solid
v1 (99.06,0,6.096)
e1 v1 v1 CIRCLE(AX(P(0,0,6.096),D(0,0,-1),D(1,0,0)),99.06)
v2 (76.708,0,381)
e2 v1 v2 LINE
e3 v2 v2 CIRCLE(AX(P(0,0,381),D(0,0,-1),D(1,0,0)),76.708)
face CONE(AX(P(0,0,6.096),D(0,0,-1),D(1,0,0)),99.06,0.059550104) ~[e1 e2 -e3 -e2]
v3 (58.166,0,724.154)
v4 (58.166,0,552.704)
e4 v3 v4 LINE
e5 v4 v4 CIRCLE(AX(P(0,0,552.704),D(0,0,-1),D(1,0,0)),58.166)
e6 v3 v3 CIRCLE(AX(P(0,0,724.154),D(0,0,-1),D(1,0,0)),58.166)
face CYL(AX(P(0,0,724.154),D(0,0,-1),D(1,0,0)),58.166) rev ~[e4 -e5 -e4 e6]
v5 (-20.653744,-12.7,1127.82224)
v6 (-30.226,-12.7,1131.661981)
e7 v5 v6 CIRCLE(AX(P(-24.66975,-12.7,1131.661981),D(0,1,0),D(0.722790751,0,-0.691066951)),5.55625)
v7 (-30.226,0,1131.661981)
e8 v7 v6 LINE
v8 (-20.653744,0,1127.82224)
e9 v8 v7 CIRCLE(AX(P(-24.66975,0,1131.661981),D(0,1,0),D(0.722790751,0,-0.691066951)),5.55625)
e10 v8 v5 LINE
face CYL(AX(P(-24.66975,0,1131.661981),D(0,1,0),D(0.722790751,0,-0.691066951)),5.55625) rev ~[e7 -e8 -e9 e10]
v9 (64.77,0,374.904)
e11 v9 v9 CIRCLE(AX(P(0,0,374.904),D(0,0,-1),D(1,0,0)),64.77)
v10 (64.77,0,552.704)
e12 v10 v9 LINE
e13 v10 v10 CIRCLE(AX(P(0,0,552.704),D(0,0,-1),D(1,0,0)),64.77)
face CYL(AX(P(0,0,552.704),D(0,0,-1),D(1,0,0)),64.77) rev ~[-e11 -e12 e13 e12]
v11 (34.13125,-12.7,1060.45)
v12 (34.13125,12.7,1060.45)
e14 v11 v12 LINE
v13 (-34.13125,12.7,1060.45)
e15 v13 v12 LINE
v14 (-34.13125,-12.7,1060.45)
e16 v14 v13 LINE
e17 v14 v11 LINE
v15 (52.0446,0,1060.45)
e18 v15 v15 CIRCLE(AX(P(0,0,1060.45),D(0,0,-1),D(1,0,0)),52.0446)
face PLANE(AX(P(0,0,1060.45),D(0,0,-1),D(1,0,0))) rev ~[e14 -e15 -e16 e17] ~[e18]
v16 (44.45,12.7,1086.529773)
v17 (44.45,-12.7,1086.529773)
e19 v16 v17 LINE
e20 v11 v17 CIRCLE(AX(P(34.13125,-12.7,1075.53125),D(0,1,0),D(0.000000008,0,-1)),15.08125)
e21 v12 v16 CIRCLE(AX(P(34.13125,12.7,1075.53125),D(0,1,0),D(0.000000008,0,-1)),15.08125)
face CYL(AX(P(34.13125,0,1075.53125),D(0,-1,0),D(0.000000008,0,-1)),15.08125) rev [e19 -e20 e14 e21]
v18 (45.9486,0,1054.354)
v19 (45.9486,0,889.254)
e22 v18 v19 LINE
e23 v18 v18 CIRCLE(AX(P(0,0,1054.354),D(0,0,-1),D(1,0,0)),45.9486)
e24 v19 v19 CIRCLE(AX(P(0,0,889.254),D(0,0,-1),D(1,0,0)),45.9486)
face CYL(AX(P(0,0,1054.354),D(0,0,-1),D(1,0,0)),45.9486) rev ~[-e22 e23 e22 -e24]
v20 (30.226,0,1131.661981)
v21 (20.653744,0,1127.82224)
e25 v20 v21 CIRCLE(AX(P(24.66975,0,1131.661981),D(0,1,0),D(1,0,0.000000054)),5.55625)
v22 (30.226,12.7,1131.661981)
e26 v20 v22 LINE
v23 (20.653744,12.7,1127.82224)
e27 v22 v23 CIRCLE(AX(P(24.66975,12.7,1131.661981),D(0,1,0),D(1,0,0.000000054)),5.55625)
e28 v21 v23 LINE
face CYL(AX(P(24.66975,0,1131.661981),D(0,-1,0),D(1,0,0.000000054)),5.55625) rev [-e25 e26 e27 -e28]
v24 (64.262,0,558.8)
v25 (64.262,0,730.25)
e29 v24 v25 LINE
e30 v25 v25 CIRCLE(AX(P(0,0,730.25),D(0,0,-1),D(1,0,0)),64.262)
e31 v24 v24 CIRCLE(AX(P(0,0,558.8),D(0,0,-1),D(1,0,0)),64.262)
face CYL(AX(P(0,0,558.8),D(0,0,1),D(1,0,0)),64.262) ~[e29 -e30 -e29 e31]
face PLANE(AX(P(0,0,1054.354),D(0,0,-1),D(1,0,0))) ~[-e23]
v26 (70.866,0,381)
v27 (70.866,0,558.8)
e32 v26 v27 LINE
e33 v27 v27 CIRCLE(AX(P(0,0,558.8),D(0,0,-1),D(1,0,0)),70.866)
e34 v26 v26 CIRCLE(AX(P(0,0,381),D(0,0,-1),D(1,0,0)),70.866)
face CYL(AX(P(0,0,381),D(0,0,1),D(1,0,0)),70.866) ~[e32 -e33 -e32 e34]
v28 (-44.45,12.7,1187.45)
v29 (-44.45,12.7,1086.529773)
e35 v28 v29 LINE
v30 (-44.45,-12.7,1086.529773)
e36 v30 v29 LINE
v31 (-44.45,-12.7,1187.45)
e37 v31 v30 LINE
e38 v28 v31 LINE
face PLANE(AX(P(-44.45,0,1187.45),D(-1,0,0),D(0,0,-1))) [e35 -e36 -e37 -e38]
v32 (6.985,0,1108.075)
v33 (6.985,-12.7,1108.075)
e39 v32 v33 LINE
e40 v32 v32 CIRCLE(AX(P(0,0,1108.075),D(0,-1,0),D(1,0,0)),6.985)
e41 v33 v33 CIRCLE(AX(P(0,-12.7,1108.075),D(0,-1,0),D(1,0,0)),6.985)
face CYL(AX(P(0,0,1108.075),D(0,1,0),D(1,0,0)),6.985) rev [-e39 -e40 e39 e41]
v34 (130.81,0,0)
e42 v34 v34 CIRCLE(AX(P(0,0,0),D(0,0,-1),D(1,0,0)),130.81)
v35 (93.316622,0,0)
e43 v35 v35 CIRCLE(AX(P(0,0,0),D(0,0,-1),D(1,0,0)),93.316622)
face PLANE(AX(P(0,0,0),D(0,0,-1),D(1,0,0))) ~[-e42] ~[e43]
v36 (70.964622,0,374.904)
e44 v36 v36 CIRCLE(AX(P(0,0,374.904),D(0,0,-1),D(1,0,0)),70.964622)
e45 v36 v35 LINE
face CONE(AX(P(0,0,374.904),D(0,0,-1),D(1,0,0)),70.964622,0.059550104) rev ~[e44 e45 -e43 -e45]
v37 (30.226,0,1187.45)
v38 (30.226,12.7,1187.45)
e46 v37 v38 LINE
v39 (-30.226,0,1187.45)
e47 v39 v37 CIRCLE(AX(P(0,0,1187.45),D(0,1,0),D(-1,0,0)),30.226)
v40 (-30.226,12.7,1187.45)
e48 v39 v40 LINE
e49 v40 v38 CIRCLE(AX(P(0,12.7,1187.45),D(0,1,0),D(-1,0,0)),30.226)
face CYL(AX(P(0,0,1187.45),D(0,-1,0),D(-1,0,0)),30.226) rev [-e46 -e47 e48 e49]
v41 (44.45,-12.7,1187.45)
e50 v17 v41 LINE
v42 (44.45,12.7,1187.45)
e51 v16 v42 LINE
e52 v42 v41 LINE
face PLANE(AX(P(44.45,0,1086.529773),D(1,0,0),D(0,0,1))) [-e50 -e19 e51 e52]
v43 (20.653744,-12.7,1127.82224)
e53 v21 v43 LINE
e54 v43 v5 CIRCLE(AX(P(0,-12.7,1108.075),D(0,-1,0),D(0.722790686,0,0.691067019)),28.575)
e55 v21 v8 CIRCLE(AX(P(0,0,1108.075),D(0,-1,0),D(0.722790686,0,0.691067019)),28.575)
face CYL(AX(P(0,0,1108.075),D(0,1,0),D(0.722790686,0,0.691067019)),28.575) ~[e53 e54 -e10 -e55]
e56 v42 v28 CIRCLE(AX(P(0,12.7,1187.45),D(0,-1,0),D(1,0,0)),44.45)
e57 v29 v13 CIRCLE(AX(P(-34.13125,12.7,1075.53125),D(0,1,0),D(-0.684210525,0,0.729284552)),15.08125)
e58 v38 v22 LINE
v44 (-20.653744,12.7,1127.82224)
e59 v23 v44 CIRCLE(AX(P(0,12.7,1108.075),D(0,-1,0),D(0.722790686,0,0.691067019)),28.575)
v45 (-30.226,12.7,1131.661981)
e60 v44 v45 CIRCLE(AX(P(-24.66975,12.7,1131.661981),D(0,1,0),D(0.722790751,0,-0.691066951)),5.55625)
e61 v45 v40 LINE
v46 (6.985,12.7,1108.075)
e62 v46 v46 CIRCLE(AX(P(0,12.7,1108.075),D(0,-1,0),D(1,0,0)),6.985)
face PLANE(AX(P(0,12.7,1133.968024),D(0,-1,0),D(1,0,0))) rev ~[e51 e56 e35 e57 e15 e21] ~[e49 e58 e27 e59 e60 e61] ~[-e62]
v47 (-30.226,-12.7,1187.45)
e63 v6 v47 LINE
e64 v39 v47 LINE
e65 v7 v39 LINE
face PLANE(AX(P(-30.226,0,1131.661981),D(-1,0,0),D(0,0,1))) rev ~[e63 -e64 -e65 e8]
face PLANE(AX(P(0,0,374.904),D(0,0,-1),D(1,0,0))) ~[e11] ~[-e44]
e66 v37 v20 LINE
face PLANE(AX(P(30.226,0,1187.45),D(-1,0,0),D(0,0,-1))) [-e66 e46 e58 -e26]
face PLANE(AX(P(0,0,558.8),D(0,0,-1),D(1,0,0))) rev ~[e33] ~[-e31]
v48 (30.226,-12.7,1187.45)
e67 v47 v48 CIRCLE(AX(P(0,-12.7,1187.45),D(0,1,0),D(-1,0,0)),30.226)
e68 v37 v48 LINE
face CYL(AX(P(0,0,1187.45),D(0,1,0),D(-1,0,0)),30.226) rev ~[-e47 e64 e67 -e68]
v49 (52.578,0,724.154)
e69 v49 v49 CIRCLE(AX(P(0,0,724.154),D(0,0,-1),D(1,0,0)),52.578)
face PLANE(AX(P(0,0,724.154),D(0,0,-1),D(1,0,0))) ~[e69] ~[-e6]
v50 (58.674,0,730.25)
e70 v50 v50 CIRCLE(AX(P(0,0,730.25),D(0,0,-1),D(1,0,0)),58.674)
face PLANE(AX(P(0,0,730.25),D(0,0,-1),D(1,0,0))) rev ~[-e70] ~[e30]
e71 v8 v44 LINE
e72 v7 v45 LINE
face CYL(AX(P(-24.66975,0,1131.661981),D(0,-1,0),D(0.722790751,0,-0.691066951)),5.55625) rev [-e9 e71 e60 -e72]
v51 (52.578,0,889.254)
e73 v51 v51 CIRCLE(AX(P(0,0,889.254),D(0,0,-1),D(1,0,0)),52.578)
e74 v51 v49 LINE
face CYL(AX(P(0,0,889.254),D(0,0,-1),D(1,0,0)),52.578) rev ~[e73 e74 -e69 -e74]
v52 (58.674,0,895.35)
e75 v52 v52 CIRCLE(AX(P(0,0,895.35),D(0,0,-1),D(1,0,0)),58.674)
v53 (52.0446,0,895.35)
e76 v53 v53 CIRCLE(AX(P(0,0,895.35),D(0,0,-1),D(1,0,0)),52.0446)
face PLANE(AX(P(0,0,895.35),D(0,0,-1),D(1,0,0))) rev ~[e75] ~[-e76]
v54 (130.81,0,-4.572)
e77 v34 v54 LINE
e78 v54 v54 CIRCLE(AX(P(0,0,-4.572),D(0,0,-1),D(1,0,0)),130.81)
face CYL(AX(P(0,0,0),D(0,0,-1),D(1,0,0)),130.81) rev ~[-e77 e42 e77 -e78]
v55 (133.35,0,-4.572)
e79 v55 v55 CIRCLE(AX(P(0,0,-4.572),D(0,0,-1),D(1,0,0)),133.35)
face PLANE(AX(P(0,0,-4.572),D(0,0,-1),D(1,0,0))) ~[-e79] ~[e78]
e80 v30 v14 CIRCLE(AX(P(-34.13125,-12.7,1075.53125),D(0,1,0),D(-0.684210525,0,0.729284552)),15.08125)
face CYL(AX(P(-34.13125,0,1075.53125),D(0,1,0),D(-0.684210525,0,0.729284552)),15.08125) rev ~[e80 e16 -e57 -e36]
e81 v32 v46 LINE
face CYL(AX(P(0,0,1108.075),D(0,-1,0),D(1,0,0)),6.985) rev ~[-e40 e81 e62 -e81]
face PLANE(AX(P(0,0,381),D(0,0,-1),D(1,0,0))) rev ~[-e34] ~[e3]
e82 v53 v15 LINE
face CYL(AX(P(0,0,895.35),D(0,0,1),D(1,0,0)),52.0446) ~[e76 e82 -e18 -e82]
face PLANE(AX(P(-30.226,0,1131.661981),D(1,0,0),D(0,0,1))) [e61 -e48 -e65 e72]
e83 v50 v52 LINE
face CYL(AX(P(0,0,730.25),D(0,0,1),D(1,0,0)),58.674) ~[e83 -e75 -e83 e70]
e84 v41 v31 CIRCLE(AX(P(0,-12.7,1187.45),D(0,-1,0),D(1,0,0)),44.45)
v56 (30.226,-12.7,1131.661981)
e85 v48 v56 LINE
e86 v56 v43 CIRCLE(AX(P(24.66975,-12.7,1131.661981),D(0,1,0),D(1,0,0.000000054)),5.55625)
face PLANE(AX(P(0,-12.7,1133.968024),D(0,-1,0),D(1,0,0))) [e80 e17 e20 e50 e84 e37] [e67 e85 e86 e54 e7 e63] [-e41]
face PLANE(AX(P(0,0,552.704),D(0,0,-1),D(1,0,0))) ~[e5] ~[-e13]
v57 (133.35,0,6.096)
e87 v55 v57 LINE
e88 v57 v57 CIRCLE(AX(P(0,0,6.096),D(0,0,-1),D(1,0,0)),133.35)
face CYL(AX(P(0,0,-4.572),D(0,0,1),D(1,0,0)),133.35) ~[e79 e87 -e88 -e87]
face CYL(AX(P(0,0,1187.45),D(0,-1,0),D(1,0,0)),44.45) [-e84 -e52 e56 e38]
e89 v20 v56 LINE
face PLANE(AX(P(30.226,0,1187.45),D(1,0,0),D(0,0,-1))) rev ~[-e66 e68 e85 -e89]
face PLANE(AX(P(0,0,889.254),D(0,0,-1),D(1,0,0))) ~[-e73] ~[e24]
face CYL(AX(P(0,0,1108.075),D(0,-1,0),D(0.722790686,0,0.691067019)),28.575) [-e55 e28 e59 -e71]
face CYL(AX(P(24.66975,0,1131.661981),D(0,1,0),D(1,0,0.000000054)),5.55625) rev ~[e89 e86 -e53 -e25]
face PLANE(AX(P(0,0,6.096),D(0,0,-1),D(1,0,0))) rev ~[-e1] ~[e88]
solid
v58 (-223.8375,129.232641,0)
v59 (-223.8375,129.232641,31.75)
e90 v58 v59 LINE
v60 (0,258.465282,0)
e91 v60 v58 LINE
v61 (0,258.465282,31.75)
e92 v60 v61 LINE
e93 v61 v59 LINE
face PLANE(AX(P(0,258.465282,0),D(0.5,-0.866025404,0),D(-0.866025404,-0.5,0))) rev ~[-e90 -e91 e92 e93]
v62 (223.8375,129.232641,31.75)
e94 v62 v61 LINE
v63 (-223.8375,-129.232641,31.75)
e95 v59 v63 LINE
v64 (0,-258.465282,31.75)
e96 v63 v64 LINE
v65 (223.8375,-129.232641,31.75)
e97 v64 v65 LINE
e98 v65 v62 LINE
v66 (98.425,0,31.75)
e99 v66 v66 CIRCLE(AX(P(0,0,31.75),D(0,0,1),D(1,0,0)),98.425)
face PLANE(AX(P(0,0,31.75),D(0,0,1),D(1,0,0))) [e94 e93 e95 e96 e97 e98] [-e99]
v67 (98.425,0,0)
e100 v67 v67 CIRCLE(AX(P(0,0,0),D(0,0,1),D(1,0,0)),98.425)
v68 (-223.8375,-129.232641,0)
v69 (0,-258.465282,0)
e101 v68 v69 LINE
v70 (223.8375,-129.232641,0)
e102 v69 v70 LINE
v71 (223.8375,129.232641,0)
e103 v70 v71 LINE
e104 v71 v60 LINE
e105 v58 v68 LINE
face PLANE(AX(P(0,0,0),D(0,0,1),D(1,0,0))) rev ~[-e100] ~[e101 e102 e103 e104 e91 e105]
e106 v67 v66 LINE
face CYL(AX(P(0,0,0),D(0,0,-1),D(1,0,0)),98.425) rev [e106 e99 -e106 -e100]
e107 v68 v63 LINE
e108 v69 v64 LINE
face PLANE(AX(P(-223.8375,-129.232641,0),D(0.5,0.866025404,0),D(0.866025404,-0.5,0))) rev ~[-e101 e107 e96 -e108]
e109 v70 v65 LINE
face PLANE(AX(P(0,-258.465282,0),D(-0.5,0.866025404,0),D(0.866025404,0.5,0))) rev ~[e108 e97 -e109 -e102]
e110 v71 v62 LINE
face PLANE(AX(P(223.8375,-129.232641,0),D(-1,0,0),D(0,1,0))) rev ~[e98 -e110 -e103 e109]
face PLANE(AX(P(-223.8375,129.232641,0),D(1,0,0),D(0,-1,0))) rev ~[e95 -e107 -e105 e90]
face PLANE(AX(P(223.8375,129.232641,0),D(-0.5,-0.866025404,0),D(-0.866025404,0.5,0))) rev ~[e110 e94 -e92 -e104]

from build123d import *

# Parameters (mm, degrees)
F0_R          = 6.985
F2_DEPTH      = 12.7
F2_DEPTH_BACK = 12.7
F3_R          = 98.425
F4_DEPTH      = 31.75


with BuildPart() as f1:
    # F0 (on Front) → F1 (revolve)
    with BuildSketch(Plane.XZ):
        Polygon((133.35, -4.572), (133.35, 6.096), (99.06, 6.096), (76.708, 381), (70.866, 381), (70.866, 558.8), (64.262, 558.8), (64.262, 730.25), (58.674, 730.25), (58.674, 895.35), (52.0446, 895.35), (52.0446, 1060.45), (44.45, 1060.45), (34.13125, 1060.45), (0, 1060.45), (0, 1054.354), (45.9486, 1054.354), (45.9486, 889.254), (52.578, 889.254), (52.578, 724.154), (58.166, 724.154), (58.166, 552.704), (64.77, 552.704), (64.77, 374.904), (70.964622, 374.904), (93.316622, 0), (130.81, 0), (130.81, -4.572), align=None)
    revolve(axis=Axis((0, 0, 1057.402), (0, 0, -1)))

    # F0 (on Front) → F2 (join, two sides)
    with BuildSketch(Plane.XZ) as f2_sk:
        with BuildLine():
            Line((0, 1060.45), (34.13125, 1060.45))
            ThreePointArc((34.13125, 1060.45), (20.107777, 1081.079792), (44.45, 1086.529773))
            Line((44.45, 1086.529773), (44.45, 1187.45))
            ThreePointArc((44.45, 1187.45), (0, 1231.9), (-44.45, 1187.45))
            Line((-44.45, 1187.45), (-44.45, 1086.529773))
            ThreePointArc((-44.45, 1086.529773), (-20.107777, 1081.079792), (-34.13125, 1060.45))
            Line((-34.13125, 1060.45), (0, 1060.45))
        make_face()
        with Locations((0, 1108.075)):
            Circle(F0_R, mode=Mode.SUBTRACT)
        with BuildLine():
            ThreePointArc((-30.226, 1187.45), (0, 1217.676), (30.226, 1187.45))
            Line((30.226, 1187.45), (30.226, 1131.661981))
            ThreePointArc((30.226, 1131.661981), (26.738322, 1126.505148), (20.653744, 1127.82224))
            ThreePointArc((20.653744, 1127.82224), (0, 1136.65), (-20.653744, 1127.82224))
            ThreePointArc((-20.653744, 1127.82224), (-26.738322, 1126.505148), (-30.226, 1131.661981))
            Line((-30.226, 1131.661981), (-30.226, 1187.45))
        make_face(mode=Mode.SUBTRACT)
    extrude(amount=F2_DEPTH)
    extrude(f2_sk.sketch, amount=-F2_DEPTH_BACK)


with BuildPart() as f4:
    # F3 (on Top) → F4 (new body)
    with BuildSketch(Plane.XY):
        Polygon((223.8375, -129.232641), (223.8375, 129.232641), (0, 258.465282), (-223.8375, 129.232641), (-223.8375, -129.232641), (0, -258.465282), align=None)
        Circle(F3_R, mode=Mode.SUBTRACT)
    extrude(amount=F4_DEPTH)


solid = Compound([f1.part, f4.part])
